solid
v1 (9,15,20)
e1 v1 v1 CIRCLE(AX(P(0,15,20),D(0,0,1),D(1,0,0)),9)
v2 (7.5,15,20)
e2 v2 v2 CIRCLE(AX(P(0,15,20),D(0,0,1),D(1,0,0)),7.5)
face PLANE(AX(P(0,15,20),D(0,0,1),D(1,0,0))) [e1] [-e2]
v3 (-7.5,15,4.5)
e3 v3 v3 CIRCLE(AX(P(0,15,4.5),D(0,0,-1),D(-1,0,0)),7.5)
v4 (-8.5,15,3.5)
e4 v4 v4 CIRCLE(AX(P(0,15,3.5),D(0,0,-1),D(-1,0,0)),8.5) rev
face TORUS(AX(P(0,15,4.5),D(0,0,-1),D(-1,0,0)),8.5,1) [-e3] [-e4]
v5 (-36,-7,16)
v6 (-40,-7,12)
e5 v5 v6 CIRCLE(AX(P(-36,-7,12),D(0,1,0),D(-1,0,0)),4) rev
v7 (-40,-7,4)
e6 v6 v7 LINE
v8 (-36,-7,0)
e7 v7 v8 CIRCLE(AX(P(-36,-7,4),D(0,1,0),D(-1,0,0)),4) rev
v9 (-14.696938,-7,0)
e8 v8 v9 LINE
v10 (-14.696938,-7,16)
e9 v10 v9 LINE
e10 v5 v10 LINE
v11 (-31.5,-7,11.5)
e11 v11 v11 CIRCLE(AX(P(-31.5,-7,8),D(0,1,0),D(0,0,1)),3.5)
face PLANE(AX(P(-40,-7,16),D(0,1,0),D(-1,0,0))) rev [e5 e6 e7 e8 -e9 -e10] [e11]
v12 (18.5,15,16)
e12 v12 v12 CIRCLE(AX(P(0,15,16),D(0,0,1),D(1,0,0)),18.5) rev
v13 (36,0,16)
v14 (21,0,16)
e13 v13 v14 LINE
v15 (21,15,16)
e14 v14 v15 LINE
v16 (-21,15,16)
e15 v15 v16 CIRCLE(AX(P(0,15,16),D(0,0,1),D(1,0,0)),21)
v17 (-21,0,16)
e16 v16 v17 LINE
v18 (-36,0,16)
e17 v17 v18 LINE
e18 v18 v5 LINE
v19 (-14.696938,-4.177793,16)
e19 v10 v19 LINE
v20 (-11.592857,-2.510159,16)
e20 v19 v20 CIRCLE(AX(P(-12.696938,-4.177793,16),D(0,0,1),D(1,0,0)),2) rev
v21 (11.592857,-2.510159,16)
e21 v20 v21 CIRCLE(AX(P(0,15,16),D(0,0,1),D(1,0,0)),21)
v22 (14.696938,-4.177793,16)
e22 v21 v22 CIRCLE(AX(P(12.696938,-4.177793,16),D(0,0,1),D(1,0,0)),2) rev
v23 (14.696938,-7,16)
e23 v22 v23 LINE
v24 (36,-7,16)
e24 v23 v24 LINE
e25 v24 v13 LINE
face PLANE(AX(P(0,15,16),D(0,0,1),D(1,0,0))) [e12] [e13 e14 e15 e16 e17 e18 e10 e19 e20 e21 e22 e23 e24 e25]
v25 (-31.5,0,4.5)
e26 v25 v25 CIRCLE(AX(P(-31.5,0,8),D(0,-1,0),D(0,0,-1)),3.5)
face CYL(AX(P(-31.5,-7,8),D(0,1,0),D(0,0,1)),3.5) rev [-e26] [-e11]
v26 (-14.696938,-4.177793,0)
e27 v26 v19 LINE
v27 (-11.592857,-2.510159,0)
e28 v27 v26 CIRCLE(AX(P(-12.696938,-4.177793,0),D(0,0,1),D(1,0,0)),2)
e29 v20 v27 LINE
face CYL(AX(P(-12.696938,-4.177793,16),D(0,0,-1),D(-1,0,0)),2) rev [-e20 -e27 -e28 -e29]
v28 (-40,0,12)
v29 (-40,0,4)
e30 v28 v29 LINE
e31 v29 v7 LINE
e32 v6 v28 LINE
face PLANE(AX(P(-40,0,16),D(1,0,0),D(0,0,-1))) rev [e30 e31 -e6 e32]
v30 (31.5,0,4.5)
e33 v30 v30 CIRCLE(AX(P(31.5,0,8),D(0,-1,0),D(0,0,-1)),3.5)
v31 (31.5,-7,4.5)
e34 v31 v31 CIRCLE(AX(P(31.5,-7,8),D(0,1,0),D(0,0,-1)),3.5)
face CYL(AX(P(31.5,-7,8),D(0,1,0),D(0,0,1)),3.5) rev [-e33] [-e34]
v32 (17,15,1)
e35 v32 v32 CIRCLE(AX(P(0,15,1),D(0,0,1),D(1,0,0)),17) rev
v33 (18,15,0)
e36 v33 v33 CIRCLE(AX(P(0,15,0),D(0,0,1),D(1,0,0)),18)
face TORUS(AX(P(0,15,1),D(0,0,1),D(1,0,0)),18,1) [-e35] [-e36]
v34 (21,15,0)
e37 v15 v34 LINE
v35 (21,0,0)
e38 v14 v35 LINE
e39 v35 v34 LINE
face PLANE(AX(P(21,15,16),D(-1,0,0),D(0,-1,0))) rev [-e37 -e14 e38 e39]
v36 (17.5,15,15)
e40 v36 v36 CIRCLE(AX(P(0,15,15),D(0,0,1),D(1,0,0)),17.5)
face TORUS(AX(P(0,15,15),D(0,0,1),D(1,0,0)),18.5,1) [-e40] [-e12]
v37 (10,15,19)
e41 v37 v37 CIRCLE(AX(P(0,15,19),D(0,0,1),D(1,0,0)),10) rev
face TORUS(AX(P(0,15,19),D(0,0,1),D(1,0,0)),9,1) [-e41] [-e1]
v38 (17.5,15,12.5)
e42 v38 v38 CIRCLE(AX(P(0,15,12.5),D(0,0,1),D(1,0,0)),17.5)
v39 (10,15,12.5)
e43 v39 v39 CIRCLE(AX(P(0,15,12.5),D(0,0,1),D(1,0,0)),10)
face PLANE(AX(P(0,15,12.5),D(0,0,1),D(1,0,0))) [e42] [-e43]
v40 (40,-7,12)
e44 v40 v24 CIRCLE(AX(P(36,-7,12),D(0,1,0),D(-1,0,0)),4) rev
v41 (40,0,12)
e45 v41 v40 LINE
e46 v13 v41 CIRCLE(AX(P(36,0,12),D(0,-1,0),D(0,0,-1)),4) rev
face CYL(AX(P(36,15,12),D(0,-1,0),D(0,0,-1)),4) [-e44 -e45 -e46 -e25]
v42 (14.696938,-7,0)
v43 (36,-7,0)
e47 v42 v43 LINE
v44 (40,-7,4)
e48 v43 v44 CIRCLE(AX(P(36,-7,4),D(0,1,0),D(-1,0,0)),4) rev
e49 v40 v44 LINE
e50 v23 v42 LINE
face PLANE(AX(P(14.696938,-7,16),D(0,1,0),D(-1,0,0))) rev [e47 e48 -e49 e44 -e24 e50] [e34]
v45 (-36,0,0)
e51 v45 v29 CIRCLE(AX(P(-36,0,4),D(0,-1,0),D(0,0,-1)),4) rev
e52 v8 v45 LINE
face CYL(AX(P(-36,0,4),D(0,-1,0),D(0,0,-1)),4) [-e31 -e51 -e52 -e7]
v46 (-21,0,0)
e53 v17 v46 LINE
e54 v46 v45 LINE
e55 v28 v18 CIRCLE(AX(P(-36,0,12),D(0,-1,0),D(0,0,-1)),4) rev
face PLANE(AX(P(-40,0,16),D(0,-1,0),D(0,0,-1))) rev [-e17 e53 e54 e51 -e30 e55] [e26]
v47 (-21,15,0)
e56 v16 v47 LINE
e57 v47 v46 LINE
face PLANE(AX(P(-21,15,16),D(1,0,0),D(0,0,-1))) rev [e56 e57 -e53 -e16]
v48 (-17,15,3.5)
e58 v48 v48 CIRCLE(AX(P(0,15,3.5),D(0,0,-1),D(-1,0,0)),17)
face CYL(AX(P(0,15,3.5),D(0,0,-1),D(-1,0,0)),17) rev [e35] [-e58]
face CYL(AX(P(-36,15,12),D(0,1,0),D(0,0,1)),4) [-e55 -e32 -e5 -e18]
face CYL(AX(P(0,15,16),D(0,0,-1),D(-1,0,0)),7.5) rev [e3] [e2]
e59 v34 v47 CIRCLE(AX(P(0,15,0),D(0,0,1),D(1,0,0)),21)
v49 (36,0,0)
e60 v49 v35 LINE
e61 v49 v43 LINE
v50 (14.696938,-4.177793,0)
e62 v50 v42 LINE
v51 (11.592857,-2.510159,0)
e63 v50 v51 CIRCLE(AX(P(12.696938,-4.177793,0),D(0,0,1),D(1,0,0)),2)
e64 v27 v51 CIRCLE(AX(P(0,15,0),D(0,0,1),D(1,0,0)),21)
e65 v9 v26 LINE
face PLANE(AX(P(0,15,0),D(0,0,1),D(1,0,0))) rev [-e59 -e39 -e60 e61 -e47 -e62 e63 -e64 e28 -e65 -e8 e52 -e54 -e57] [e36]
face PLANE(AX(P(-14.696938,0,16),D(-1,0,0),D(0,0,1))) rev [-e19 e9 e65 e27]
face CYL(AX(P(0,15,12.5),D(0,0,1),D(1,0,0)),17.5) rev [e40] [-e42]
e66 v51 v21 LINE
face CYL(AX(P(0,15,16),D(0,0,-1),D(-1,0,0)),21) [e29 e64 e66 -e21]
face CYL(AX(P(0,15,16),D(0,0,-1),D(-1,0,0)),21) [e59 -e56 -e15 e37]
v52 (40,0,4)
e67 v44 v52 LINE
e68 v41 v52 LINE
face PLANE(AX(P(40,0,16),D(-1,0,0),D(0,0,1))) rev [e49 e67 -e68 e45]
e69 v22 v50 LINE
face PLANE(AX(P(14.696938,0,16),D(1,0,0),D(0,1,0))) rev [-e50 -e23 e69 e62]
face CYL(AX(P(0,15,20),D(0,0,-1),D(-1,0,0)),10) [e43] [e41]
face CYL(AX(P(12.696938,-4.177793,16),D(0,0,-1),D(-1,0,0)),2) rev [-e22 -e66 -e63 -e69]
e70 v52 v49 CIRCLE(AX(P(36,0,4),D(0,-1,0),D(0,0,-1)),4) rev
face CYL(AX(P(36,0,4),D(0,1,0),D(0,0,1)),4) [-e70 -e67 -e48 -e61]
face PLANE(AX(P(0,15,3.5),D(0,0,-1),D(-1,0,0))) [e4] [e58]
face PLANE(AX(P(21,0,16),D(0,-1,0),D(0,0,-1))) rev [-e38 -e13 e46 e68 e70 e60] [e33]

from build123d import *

# Parameters (mm, degrees)
SKETCH_1_R               = 7.5
EXTRUDE_1_DEPTH          = 16
SKETCH_2_R               = 10
SKETCH_2_R_2             = 7.5
EXTRUDE_2_DEPTH          = 4
SKETCH_3_R               = 17.5
SKETCH_3_R_2             = 10
CUT_EXTRUDE_1_DEPTH      = 3.5
SKETCH_4_R               = 17
CUT_EXTRUDE_2_DEPTH      = 3.5
FILLET_1_R               = 4
FILLET_2_R               = 2
FILLET_3_R               = 1
SKETCH_5_R               = 3.5
CUT_EXTRUDE_3_DEPTH      = 37
CUT_EXTRUDE_3_DEPTH_BACK = 8


with BuildPart() as part:
    # 草图1 → 凸台-拉伸1 (new body)
    with BuildSketch(Plane.XY):
        with BuildLine():
            Line((-40, 0), (-21, 0))
            Line((-21, 0), (-21, 15))
            ThreePointArc((-21, 15), (0, 36), (21, 15))
            Line((21, 15), (21, 0))
            Line((21, 0), (40, 0))
            Line((40, 0), (40, -7))
            Line((40, -7), (14.696938457, -7))
            Line((14.696938457, -7), (14.696938457, 0))
            ThreePointArc((14.696938457, 0), (0, -6), (-14.696938457, 0))
            Line((-14.696938457, 0), (-14.696938457, -7))
            Line((-14.696938457, -7), (-40, -7))
            Line((-40, -7), (-40, 0))
        make_face()
        with Locations((0, 15)):
            Circle(SKETCH_1_R, mode=Mode.SUBTRACT)
    extrude(amount=EXTRUDE_1_DEPTH)

    # 草图2 → 凸台-拉伸2 (add)
    with BuildSketch(Plane.XY.offset(16)):
        with Locations((0, 15)):
            Circle(SKETCH_2_R)
        with Locations((0, 15)):
            Circle(SKETCH_2_R_2, mode=Mode.SUBTRACT)
    extrude(amount=EXTRUDE_2_DEPTH)

    # 草图3 → 切除-拉伸1 (cut)
    with BuildSketch(Plane.XY.offset(16)):
        with Locations((0, 15)):
            Circle(SKETCH_3_R)
        with Locations((0, 15)):
            Circle(SKETCH_3_R_2, mode=Mode.SUBTRACT)
    extrude(amount=-CUT_EXTRUDE_1_DEPTH, mode=Mode.SUBTRACT)

    # 草图4 → 切除-拉伸2 (cut)
    with BuildSketch(Plane(origin=(0, 0, 0), x_dir=(-1, 0, 0), z_dir=(0, 0, -1))):
        with Locations((0, 15)):
            Circle(SKETCH_4_R)
    extrude(amount=-CUT_EXTRUDE_2_DEPTH, mode=Mode.SUBTRACT)

    # 圆角1
    fillet_1_edges = [part.edges().sort_by_distance(p)[0] for p in [
        (40, -3.5, 0),
        (-40, -3.5, 0),
        (40, -3.5, 16),
        (-40, -3.5, 16),
    ]]
    fillet(fillet_1_edges, radius=FILLET_1_R)

    # 圆角2
    fillet_2_edges = [part.edges().sort_by_distance(p)[0] for p in [
        (14.696938457, 0, 8),
        (-14.696938457, 0, 8),
    ]]
    fillet(fillet_2_edges, radius=FILLET_2_R)

    # 圆角3
    fillet_3_edges = [part.edges().sort_by_distance(p)[0] for p in [
        (-10, 15, 20),
        (-17.5, 15, 16),
        (-7.5, 15, 3.5),
        (17, 15, 0),
    ]]
    fillet(fillet_3_edges, radius=FILLET_3_R)

    # 草图5 → 切除-拉伸3 (cut, two sides)
    with BuildSketch(Plane(origin=(0, 0, 0), x_dir=(1, 0, 0), z_dir=(0, 1, 0))) as cut_extrude_3_sk:
        with Locations((-31.5, -8)):
            Circle(SKETCH_5_R)
        with Locations((31.5, -8)):
            Circle(SKETCH_5_R)
    extrude(amount=CUT_EXTRUDE_3_DEPTH, mode=Mode.SUBTRACT)
    extrude(cut_extrude_3_sk.sketch, amount=-CUT_EXTRUDE_3_DEPTH_BACK, mode=Mode.SUBTRACT)


solid = part.part
